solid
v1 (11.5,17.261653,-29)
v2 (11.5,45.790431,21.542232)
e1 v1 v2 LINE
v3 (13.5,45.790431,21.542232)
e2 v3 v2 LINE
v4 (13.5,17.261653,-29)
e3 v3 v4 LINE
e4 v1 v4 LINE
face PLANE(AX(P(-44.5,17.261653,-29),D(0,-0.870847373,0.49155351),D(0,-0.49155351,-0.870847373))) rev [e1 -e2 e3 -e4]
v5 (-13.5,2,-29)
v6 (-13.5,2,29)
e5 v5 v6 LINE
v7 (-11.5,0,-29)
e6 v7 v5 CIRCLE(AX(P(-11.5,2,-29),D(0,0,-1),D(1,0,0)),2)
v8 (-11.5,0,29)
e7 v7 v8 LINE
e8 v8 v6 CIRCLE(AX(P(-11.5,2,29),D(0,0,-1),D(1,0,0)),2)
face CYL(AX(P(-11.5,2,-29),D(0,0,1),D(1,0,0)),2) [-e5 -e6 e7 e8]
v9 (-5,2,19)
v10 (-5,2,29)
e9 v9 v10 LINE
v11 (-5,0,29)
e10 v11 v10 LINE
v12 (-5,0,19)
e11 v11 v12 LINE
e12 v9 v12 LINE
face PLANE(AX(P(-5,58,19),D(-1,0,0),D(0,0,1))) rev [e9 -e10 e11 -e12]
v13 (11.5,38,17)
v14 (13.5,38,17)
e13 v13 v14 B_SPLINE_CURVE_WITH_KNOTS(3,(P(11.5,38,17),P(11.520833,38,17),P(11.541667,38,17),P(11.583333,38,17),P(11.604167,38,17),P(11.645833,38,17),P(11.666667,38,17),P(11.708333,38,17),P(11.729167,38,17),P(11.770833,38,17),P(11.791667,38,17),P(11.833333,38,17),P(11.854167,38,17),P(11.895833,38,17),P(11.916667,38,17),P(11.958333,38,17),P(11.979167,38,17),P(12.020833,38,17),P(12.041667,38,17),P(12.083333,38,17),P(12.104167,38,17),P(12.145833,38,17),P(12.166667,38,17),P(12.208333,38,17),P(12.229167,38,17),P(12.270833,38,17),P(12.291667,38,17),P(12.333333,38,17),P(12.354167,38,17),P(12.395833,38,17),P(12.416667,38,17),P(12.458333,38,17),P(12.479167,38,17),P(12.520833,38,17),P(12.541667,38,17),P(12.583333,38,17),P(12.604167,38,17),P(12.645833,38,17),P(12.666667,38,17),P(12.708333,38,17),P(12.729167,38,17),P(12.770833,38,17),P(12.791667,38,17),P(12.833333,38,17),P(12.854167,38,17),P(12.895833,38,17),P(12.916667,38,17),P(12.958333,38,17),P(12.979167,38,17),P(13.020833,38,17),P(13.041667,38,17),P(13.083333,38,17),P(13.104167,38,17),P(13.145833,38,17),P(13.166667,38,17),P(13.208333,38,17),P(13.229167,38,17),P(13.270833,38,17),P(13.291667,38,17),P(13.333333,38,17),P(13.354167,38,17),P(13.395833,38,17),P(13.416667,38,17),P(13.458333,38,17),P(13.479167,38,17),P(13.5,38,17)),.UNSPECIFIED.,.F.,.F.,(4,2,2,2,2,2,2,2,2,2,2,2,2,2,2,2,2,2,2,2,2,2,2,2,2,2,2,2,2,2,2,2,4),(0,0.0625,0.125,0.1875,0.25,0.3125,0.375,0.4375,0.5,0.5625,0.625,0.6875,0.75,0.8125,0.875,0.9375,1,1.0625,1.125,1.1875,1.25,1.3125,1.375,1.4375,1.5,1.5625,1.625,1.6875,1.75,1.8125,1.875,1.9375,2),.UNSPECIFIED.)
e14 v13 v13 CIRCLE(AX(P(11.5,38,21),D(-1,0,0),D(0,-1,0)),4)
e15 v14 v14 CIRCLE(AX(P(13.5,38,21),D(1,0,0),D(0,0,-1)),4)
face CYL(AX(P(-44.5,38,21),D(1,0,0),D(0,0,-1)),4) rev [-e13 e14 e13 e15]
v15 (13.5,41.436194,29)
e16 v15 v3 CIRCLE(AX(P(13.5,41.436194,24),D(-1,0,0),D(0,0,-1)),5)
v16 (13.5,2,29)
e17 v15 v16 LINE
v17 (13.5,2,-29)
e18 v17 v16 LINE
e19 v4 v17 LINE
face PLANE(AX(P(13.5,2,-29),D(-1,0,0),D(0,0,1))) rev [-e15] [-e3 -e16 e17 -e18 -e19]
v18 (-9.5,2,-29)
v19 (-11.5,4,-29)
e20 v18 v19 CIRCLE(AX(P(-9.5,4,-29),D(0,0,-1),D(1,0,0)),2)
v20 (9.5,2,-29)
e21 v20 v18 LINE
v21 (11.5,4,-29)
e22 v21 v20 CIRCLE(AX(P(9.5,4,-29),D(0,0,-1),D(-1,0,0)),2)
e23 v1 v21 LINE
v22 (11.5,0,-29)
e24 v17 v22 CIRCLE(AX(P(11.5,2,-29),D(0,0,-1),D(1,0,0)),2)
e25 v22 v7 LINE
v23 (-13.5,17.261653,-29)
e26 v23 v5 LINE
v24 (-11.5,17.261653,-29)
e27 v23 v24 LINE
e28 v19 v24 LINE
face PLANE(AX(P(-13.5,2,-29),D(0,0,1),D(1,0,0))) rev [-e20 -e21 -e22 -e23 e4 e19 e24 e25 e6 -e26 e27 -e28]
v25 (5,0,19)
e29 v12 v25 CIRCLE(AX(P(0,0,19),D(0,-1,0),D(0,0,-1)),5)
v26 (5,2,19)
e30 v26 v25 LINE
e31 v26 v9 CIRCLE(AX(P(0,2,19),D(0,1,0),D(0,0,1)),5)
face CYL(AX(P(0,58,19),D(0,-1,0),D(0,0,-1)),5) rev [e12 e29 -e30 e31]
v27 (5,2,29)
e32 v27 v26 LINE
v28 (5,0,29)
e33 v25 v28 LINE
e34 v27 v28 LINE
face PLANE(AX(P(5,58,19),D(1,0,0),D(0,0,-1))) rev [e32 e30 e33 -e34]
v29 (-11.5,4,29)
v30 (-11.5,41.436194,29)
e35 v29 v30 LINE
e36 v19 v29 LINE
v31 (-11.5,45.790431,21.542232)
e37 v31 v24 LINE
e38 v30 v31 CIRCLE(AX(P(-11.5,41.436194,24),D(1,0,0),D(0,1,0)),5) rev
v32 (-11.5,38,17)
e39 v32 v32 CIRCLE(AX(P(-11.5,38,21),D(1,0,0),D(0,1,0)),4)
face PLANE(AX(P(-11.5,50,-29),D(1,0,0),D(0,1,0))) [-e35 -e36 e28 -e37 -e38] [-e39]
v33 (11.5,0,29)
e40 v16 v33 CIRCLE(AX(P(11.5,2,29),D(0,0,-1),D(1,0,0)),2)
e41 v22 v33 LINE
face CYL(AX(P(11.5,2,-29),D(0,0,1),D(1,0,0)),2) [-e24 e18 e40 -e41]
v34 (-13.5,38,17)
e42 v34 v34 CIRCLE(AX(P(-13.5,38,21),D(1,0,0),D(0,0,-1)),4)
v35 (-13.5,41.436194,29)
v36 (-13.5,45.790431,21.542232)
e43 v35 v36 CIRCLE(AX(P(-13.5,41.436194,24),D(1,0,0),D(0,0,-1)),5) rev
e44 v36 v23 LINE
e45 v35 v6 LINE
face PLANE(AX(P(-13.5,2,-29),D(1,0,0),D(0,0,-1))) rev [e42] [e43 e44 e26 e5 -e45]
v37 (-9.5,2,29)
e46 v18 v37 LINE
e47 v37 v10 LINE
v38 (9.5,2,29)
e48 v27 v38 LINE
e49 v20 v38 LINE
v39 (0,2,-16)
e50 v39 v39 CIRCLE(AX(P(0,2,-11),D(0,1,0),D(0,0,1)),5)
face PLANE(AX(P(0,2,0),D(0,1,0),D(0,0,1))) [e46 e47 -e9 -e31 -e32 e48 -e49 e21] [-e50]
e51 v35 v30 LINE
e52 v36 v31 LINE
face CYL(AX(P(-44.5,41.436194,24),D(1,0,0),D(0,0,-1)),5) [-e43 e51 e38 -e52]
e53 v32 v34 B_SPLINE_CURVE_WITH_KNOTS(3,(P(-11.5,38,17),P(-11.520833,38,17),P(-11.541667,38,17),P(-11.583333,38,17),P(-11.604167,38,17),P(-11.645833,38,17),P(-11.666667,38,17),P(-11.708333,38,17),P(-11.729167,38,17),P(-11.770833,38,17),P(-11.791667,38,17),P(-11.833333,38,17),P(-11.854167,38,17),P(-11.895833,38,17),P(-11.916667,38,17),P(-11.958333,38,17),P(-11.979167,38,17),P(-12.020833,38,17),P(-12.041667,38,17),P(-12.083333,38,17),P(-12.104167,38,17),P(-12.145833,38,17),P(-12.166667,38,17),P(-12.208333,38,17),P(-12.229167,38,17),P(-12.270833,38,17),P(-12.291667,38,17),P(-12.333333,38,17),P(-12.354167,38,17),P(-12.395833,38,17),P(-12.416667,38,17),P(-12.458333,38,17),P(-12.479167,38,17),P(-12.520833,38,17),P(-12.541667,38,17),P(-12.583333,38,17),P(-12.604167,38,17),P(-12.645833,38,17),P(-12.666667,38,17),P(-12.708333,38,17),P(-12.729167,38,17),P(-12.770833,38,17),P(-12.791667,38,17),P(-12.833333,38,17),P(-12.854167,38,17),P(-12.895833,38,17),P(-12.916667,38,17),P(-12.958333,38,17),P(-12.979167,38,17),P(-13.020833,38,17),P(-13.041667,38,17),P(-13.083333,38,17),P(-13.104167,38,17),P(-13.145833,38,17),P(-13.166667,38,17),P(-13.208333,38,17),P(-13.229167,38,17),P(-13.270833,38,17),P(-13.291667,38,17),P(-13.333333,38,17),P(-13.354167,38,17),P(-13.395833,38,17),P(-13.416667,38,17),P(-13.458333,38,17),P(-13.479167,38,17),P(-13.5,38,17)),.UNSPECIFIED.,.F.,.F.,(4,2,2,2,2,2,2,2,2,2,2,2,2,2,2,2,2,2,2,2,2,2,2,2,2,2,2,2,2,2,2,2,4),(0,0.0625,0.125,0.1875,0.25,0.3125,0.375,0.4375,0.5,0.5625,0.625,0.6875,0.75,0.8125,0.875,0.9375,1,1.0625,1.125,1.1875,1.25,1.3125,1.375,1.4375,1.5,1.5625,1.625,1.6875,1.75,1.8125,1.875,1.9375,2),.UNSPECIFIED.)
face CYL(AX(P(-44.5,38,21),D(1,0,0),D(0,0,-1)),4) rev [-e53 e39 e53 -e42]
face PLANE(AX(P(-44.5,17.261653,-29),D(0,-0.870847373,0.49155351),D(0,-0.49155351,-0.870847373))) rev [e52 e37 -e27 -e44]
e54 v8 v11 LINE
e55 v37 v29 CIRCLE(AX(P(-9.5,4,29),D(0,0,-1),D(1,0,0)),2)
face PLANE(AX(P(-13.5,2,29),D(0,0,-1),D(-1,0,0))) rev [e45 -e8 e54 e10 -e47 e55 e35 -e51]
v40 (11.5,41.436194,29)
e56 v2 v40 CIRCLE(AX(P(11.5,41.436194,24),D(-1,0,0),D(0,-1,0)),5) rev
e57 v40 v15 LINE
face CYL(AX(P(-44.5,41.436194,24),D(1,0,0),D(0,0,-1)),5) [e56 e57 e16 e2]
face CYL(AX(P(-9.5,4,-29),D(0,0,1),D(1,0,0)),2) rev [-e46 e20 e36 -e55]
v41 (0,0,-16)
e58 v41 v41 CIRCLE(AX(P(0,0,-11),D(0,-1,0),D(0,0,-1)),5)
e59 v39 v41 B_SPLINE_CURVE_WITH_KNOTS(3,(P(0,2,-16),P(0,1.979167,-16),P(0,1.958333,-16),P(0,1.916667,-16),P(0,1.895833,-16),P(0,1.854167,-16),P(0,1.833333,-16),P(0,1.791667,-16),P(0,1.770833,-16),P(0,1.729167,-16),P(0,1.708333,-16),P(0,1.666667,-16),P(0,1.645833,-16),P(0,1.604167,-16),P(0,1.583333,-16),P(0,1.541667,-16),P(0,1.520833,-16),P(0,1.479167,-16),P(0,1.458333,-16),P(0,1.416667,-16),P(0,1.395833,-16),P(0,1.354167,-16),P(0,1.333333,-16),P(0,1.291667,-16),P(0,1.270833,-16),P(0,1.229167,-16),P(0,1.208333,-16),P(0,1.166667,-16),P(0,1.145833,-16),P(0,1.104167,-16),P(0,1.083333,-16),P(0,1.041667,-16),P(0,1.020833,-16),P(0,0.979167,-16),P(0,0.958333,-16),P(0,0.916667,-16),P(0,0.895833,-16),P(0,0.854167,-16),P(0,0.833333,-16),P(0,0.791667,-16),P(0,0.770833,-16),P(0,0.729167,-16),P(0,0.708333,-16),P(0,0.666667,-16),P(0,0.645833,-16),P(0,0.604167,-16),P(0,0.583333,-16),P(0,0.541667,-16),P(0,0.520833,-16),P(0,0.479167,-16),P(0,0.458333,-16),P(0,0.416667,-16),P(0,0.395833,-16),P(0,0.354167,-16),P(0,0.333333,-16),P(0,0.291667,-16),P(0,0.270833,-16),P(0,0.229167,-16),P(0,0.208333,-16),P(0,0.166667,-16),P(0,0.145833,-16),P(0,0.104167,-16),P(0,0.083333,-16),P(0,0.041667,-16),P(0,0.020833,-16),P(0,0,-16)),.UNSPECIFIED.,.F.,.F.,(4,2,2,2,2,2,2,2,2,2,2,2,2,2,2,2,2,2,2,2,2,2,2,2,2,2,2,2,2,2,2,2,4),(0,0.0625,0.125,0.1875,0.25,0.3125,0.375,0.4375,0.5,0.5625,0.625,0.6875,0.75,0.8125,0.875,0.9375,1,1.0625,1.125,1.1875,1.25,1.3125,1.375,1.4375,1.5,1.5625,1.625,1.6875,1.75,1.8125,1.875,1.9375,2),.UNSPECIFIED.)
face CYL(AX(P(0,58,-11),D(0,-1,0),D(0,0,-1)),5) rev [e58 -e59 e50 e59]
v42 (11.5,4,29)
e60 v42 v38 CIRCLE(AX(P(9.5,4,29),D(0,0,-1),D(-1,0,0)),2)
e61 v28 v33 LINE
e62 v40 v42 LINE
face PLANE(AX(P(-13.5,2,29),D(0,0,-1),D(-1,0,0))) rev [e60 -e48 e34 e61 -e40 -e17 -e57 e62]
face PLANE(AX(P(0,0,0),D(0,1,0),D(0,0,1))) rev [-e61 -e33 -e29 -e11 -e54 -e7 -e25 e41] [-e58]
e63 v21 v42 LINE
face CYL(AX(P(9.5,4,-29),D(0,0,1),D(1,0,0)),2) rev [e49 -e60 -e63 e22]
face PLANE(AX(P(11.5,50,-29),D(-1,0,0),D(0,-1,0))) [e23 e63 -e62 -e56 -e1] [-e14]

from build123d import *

# Parameters (mm, degrees)
SKETCH1_W           = 27
SKETCH1_H           = 58
BOSS_EXTRUDE1_DEPTH = 2
BOSS_EXTRUDE2_DEPTH = 58
CUT_EXTRUDE1_DEPTH  = 58
SKETCH4_R           = 4
CUT_EXTRUDE2_DEPTH  = 58
CUT_EXTRUDE3_DEPTH  = 58
CUT_EXTRUDE4_DEPTH  = 58
SKETCH7_R           = 5
CUT_EXTRUDE5_DEPTH  = 58


with BuildPart() as part:
    # Sketch1 → Boss-Extrude1 (new body)
    with BuildSketch(Plane(origin=(0, 0, 0), x_dir=(1, 0, 0), z_dir=(0, 1, 0))):
        Rectangle(SKETCH1_W, SKETCH1_H)
    extrude(amount=BOSS_EXTRUDE1_DEPTH)

    # Sketch2 → Boss-Extrude2 (add)
    with BuildSketch(Plane.XY.offset(29)):
        with BuildLine():
            Line((-13.5, 2), (-13.5, 50))
            Line((-13.5, 50), (-11.5, 50))
            Line((-11.5, 50), (-11.5, 4))
            ThreePointArc((-11.5, 4), (-10.914213562, 2.585786438), (-9.5, 2))
            Line((-9.5, 2), (9.5, 2))
            ThreePointArc((9.5, 2), (10.914213562, 2.585786438), (11.5, 4))
            Line((11.5, 4), (11.5, 50))
            Line((11.5, 50), (13.5, 50))
            Line((13.5, 50), (13.5, 2))
            ThreePointArc((13.5, 2), (12.914213562, 0.585786438), (11.5, 0))
            Line((11.5, 0), (-11.5, 0))
            ThreePointArc((-11.5, 0), (-12.914213562, 0.585786438), (-13.5, 2))
        make_face()
    extrude(amount=-BOSS_EXTRUDE2_DEPTH)

    # Sketch3 → Cut-Extrude1 (cut)
    with BuildSketch(Plane(origin=(13.5, 0, 0), x_dir=(0, 0, -1), z_dir=(1, 0, 0))):
        Polygon((29, 17.261652863), (-29, 50), (29, 50), align=None)
    extrude(amount=-CUT_EXTRUDE1_DEPTH, mode=Mode.SUBTRACT)

    # Sketch4 → Cut-Extrude2 (cut)
    with BuildSketch(Plane(origin=(13.5, 0, 0), x_dir=(0, 0, -1), z_dir=(1, 0, 0))):
        with Locations((-21, 38)):
            Circle(SKETCH4_R)
    extrude(amount=-CUT_EXTRUDE2_DEPTH, mode=Mode.SUBTRACT)

    # Sketch5 → Cut-Extrude3 (cut)
    with BuildSketch(Plane(origin=(13.5, 0, 0), x_dir=(0, 0, -1), z_dir=(1, 0, 0))):
        with BuildLine():
            Line((-29, 41.436194465), (-29, 50))
            Line((-29, 50), (-21.542232449, 45.790431328))
            ThreePointArc((-21.542232449, 45.790431328), (-26.521027791, 45.754112815), (-29, 41.436194465))
        make_face()
    extrude(amount=-CUT_EXTRUDE3_DEPTH, mode=Mode.SUBTRACT)

    # Sketch6 → Cut-Extrude4 (cut)
    with BuildSketch(Plane.XY.offset(29)):
        with BuildLine():
            Line((-13.5, 0), (-11.5, 0))
            ThreePointArc((-11.5, 0), (-12.914213562, 0.585786438), (-13.5, 2))
            Line((-13.5, 2), (-13.5, 0))
        make_face()
        with BuildLine():
            Line((13.5, 2), (13.5, 0))
            Line((13.5, 0), (11.5, 0))
            ThreePointArc((11.5, 0), (12.914213562, 0.585786438), (13.5, 2))
        make_face()
    extrude(amount=-CUT_EXTRUDE4_DEPTH, mode=Mode.SUBTRACT)

    # Sketch7 → Cut-Extrude5 (cut)
    with BuildSketch(Plane.XZ):
        with Locations(Location((0, -11, 0), (0, 0, 270))):
            Circle(SKETCH7_R)
        with BuildLine():
            Line((-5, 19), (-5, 29))
            Line((-5, 29), (5, 29))
            Line((5, 29), (5, 19))
            ThreePointArc((5, 19), (0, 14), (-5, 19))
        make_face()
    extrude(amount=-CUT_EXTRUDE5_DEPTH, mode=Mode.SUBTRACT)


solid = part.part
